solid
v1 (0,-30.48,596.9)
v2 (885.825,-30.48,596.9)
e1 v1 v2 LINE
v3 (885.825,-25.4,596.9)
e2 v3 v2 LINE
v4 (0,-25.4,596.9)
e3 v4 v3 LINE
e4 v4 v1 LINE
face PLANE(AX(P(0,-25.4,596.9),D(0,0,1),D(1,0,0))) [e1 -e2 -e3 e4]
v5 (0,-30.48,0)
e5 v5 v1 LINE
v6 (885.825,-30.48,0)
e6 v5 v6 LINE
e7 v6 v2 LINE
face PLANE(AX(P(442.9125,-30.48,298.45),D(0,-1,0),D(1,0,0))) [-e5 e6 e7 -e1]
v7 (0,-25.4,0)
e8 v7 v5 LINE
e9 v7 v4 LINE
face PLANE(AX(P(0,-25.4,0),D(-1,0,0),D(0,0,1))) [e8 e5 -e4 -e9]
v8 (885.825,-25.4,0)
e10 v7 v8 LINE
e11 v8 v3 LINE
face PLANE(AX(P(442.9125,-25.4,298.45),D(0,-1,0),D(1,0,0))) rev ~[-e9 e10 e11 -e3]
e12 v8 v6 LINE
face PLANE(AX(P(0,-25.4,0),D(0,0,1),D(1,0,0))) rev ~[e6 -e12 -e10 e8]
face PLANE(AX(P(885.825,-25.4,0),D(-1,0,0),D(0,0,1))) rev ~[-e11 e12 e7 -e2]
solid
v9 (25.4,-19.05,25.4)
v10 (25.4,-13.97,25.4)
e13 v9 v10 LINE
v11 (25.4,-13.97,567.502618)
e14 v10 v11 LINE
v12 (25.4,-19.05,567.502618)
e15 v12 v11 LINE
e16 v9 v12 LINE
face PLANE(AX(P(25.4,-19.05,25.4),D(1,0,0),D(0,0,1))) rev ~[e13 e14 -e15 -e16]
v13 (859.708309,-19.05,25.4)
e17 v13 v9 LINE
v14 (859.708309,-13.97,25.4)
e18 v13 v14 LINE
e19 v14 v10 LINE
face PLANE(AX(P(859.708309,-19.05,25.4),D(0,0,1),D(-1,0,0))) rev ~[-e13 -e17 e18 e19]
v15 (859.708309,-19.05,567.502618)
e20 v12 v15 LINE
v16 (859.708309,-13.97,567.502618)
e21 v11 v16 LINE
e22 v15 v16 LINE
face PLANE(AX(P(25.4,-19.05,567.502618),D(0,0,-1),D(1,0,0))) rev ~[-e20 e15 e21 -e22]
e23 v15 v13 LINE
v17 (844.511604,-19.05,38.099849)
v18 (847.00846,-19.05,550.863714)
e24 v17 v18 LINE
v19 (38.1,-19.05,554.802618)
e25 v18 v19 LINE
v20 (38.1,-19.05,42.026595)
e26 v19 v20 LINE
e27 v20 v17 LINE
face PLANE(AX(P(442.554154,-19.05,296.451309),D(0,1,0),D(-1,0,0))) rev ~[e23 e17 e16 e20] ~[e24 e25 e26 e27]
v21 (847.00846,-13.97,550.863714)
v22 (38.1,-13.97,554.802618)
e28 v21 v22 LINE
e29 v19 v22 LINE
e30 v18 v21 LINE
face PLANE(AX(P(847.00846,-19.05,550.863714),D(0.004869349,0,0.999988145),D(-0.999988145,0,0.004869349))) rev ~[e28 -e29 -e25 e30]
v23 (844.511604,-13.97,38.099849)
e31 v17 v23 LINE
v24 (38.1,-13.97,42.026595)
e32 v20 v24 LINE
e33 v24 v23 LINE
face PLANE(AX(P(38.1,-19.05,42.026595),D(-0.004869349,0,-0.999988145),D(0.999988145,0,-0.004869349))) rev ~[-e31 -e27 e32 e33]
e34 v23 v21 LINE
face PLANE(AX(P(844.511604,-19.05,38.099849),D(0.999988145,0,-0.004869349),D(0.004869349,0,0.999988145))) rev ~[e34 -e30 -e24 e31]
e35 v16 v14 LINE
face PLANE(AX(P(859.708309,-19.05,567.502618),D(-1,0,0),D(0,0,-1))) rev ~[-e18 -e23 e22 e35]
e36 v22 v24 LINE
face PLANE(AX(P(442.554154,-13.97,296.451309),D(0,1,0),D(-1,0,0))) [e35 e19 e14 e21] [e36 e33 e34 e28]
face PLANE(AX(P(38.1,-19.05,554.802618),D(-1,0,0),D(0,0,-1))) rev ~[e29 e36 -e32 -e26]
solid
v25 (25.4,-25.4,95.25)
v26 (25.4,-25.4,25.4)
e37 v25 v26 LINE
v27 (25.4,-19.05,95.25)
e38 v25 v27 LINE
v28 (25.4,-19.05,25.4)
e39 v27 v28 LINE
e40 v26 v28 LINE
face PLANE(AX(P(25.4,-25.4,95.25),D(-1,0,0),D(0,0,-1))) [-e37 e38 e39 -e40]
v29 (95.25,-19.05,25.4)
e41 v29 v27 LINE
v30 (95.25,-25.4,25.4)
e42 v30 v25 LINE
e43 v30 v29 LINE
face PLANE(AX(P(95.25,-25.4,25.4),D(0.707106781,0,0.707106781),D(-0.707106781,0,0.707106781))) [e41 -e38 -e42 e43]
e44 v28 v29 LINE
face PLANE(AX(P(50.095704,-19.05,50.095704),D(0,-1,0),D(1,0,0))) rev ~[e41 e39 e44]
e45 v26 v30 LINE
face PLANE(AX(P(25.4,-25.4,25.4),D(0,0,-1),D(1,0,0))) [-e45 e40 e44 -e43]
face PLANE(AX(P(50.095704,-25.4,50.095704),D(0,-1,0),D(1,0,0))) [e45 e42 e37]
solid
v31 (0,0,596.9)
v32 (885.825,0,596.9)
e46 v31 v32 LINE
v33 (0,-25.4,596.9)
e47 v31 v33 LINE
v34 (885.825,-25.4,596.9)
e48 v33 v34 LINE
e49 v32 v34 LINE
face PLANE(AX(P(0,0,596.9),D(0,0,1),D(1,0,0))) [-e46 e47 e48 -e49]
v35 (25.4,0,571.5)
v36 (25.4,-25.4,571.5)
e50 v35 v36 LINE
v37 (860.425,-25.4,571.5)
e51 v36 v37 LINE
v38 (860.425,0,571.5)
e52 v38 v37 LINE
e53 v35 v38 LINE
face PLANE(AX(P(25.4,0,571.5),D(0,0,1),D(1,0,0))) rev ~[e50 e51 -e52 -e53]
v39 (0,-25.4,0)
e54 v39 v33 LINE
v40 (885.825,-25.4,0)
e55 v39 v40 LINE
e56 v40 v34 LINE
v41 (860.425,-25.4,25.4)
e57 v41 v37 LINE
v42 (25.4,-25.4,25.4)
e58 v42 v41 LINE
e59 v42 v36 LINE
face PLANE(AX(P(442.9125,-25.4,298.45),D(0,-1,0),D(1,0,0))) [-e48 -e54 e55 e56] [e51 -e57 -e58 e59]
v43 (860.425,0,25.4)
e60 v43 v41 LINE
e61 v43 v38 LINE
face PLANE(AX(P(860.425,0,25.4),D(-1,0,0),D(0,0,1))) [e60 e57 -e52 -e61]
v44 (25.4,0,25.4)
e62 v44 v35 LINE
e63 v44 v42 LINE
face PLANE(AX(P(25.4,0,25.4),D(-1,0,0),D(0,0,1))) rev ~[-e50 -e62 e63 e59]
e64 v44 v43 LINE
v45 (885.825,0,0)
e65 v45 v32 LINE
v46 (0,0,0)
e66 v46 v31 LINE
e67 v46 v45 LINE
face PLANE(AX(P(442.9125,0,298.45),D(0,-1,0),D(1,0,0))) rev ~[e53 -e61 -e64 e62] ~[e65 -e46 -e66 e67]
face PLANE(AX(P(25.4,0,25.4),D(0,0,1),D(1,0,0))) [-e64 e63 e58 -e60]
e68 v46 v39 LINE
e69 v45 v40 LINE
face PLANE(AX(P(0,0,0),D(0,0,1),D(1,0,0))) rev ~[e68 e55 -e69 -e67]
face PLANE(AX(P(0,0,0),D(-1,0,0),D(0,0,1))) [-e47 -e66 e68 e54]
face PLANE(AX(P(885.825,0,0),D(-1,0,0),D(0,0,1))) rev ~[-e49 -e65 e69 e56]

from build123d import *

# Parameters (mm, degrees)
F0_W     = 885.825
F0_H     = 596.9
F0_W_2   = 835.025
F0_H_2   = 546.1
F1_DEPTH = 25.4
F3_DEPTH = 6.35
F4_W     = 885.825
F4_H     = 596.9
F5_DEPTH = 5.08
F7_DEPTH = 5.08


with BuildPart() as f1:
    # F0 (on Front) → F1 (new body)
    with BuildSketch(Plane.XZ):
        with Locations((442.9125, 298.45)):
            Rectangle(F0_W, F0_H)
        with Locations((442.9125, 298.45)):
            Rectangle(F0_W_2, F0_H_2, mode=Mode.SUBTRACT)
    extrude(amount=F1_DEPTH)


with BuildPart() as f3:
    # F2 (on face) → F3 (new body)
    with BuildSketch(Plane.XZ.offset(25.4)):
        Polygon((25.4, 95.25), (25.4, 25.4), (95.25, 25.4), align=None)
    extrude(amount=-F3_DEPTH)


with BuildPart() as f5:
    # F4 (on face) → F5 (new body)
    with BuildSketch(Plane.XZ.offset(25.4)):
        with Locations((442.9125, 298.45)):
            Rectangle(F4_W, F4_H)
    extrude(amount=F5_DEPTH)


with BuildPart() as f7:
    # F6 (on face) → F7 (new body)
    with BuildSketch(Plane(origin=(0, -19.05, 0), x_dir=(-1, 0, 0), z_dir=(0, 1, 0))):
        Polygon((-38.1, 25.4), (-25.4, 25.4), (-25.4, 567.502618), (-859.708309, 567.502618), (-859.708309, 25.4), align=None)
        Polygon((-38.1, 554.802618), (-38.1, 42.026595), (-844.511604, 38.099849), (-847.00846, 550.863714), align=None, mode=Mode.SUBTRACT)
    extrude(amount=F7_DEPTH)


solid = Compound([f1.part, f3.part, f5.part, f7.part])
